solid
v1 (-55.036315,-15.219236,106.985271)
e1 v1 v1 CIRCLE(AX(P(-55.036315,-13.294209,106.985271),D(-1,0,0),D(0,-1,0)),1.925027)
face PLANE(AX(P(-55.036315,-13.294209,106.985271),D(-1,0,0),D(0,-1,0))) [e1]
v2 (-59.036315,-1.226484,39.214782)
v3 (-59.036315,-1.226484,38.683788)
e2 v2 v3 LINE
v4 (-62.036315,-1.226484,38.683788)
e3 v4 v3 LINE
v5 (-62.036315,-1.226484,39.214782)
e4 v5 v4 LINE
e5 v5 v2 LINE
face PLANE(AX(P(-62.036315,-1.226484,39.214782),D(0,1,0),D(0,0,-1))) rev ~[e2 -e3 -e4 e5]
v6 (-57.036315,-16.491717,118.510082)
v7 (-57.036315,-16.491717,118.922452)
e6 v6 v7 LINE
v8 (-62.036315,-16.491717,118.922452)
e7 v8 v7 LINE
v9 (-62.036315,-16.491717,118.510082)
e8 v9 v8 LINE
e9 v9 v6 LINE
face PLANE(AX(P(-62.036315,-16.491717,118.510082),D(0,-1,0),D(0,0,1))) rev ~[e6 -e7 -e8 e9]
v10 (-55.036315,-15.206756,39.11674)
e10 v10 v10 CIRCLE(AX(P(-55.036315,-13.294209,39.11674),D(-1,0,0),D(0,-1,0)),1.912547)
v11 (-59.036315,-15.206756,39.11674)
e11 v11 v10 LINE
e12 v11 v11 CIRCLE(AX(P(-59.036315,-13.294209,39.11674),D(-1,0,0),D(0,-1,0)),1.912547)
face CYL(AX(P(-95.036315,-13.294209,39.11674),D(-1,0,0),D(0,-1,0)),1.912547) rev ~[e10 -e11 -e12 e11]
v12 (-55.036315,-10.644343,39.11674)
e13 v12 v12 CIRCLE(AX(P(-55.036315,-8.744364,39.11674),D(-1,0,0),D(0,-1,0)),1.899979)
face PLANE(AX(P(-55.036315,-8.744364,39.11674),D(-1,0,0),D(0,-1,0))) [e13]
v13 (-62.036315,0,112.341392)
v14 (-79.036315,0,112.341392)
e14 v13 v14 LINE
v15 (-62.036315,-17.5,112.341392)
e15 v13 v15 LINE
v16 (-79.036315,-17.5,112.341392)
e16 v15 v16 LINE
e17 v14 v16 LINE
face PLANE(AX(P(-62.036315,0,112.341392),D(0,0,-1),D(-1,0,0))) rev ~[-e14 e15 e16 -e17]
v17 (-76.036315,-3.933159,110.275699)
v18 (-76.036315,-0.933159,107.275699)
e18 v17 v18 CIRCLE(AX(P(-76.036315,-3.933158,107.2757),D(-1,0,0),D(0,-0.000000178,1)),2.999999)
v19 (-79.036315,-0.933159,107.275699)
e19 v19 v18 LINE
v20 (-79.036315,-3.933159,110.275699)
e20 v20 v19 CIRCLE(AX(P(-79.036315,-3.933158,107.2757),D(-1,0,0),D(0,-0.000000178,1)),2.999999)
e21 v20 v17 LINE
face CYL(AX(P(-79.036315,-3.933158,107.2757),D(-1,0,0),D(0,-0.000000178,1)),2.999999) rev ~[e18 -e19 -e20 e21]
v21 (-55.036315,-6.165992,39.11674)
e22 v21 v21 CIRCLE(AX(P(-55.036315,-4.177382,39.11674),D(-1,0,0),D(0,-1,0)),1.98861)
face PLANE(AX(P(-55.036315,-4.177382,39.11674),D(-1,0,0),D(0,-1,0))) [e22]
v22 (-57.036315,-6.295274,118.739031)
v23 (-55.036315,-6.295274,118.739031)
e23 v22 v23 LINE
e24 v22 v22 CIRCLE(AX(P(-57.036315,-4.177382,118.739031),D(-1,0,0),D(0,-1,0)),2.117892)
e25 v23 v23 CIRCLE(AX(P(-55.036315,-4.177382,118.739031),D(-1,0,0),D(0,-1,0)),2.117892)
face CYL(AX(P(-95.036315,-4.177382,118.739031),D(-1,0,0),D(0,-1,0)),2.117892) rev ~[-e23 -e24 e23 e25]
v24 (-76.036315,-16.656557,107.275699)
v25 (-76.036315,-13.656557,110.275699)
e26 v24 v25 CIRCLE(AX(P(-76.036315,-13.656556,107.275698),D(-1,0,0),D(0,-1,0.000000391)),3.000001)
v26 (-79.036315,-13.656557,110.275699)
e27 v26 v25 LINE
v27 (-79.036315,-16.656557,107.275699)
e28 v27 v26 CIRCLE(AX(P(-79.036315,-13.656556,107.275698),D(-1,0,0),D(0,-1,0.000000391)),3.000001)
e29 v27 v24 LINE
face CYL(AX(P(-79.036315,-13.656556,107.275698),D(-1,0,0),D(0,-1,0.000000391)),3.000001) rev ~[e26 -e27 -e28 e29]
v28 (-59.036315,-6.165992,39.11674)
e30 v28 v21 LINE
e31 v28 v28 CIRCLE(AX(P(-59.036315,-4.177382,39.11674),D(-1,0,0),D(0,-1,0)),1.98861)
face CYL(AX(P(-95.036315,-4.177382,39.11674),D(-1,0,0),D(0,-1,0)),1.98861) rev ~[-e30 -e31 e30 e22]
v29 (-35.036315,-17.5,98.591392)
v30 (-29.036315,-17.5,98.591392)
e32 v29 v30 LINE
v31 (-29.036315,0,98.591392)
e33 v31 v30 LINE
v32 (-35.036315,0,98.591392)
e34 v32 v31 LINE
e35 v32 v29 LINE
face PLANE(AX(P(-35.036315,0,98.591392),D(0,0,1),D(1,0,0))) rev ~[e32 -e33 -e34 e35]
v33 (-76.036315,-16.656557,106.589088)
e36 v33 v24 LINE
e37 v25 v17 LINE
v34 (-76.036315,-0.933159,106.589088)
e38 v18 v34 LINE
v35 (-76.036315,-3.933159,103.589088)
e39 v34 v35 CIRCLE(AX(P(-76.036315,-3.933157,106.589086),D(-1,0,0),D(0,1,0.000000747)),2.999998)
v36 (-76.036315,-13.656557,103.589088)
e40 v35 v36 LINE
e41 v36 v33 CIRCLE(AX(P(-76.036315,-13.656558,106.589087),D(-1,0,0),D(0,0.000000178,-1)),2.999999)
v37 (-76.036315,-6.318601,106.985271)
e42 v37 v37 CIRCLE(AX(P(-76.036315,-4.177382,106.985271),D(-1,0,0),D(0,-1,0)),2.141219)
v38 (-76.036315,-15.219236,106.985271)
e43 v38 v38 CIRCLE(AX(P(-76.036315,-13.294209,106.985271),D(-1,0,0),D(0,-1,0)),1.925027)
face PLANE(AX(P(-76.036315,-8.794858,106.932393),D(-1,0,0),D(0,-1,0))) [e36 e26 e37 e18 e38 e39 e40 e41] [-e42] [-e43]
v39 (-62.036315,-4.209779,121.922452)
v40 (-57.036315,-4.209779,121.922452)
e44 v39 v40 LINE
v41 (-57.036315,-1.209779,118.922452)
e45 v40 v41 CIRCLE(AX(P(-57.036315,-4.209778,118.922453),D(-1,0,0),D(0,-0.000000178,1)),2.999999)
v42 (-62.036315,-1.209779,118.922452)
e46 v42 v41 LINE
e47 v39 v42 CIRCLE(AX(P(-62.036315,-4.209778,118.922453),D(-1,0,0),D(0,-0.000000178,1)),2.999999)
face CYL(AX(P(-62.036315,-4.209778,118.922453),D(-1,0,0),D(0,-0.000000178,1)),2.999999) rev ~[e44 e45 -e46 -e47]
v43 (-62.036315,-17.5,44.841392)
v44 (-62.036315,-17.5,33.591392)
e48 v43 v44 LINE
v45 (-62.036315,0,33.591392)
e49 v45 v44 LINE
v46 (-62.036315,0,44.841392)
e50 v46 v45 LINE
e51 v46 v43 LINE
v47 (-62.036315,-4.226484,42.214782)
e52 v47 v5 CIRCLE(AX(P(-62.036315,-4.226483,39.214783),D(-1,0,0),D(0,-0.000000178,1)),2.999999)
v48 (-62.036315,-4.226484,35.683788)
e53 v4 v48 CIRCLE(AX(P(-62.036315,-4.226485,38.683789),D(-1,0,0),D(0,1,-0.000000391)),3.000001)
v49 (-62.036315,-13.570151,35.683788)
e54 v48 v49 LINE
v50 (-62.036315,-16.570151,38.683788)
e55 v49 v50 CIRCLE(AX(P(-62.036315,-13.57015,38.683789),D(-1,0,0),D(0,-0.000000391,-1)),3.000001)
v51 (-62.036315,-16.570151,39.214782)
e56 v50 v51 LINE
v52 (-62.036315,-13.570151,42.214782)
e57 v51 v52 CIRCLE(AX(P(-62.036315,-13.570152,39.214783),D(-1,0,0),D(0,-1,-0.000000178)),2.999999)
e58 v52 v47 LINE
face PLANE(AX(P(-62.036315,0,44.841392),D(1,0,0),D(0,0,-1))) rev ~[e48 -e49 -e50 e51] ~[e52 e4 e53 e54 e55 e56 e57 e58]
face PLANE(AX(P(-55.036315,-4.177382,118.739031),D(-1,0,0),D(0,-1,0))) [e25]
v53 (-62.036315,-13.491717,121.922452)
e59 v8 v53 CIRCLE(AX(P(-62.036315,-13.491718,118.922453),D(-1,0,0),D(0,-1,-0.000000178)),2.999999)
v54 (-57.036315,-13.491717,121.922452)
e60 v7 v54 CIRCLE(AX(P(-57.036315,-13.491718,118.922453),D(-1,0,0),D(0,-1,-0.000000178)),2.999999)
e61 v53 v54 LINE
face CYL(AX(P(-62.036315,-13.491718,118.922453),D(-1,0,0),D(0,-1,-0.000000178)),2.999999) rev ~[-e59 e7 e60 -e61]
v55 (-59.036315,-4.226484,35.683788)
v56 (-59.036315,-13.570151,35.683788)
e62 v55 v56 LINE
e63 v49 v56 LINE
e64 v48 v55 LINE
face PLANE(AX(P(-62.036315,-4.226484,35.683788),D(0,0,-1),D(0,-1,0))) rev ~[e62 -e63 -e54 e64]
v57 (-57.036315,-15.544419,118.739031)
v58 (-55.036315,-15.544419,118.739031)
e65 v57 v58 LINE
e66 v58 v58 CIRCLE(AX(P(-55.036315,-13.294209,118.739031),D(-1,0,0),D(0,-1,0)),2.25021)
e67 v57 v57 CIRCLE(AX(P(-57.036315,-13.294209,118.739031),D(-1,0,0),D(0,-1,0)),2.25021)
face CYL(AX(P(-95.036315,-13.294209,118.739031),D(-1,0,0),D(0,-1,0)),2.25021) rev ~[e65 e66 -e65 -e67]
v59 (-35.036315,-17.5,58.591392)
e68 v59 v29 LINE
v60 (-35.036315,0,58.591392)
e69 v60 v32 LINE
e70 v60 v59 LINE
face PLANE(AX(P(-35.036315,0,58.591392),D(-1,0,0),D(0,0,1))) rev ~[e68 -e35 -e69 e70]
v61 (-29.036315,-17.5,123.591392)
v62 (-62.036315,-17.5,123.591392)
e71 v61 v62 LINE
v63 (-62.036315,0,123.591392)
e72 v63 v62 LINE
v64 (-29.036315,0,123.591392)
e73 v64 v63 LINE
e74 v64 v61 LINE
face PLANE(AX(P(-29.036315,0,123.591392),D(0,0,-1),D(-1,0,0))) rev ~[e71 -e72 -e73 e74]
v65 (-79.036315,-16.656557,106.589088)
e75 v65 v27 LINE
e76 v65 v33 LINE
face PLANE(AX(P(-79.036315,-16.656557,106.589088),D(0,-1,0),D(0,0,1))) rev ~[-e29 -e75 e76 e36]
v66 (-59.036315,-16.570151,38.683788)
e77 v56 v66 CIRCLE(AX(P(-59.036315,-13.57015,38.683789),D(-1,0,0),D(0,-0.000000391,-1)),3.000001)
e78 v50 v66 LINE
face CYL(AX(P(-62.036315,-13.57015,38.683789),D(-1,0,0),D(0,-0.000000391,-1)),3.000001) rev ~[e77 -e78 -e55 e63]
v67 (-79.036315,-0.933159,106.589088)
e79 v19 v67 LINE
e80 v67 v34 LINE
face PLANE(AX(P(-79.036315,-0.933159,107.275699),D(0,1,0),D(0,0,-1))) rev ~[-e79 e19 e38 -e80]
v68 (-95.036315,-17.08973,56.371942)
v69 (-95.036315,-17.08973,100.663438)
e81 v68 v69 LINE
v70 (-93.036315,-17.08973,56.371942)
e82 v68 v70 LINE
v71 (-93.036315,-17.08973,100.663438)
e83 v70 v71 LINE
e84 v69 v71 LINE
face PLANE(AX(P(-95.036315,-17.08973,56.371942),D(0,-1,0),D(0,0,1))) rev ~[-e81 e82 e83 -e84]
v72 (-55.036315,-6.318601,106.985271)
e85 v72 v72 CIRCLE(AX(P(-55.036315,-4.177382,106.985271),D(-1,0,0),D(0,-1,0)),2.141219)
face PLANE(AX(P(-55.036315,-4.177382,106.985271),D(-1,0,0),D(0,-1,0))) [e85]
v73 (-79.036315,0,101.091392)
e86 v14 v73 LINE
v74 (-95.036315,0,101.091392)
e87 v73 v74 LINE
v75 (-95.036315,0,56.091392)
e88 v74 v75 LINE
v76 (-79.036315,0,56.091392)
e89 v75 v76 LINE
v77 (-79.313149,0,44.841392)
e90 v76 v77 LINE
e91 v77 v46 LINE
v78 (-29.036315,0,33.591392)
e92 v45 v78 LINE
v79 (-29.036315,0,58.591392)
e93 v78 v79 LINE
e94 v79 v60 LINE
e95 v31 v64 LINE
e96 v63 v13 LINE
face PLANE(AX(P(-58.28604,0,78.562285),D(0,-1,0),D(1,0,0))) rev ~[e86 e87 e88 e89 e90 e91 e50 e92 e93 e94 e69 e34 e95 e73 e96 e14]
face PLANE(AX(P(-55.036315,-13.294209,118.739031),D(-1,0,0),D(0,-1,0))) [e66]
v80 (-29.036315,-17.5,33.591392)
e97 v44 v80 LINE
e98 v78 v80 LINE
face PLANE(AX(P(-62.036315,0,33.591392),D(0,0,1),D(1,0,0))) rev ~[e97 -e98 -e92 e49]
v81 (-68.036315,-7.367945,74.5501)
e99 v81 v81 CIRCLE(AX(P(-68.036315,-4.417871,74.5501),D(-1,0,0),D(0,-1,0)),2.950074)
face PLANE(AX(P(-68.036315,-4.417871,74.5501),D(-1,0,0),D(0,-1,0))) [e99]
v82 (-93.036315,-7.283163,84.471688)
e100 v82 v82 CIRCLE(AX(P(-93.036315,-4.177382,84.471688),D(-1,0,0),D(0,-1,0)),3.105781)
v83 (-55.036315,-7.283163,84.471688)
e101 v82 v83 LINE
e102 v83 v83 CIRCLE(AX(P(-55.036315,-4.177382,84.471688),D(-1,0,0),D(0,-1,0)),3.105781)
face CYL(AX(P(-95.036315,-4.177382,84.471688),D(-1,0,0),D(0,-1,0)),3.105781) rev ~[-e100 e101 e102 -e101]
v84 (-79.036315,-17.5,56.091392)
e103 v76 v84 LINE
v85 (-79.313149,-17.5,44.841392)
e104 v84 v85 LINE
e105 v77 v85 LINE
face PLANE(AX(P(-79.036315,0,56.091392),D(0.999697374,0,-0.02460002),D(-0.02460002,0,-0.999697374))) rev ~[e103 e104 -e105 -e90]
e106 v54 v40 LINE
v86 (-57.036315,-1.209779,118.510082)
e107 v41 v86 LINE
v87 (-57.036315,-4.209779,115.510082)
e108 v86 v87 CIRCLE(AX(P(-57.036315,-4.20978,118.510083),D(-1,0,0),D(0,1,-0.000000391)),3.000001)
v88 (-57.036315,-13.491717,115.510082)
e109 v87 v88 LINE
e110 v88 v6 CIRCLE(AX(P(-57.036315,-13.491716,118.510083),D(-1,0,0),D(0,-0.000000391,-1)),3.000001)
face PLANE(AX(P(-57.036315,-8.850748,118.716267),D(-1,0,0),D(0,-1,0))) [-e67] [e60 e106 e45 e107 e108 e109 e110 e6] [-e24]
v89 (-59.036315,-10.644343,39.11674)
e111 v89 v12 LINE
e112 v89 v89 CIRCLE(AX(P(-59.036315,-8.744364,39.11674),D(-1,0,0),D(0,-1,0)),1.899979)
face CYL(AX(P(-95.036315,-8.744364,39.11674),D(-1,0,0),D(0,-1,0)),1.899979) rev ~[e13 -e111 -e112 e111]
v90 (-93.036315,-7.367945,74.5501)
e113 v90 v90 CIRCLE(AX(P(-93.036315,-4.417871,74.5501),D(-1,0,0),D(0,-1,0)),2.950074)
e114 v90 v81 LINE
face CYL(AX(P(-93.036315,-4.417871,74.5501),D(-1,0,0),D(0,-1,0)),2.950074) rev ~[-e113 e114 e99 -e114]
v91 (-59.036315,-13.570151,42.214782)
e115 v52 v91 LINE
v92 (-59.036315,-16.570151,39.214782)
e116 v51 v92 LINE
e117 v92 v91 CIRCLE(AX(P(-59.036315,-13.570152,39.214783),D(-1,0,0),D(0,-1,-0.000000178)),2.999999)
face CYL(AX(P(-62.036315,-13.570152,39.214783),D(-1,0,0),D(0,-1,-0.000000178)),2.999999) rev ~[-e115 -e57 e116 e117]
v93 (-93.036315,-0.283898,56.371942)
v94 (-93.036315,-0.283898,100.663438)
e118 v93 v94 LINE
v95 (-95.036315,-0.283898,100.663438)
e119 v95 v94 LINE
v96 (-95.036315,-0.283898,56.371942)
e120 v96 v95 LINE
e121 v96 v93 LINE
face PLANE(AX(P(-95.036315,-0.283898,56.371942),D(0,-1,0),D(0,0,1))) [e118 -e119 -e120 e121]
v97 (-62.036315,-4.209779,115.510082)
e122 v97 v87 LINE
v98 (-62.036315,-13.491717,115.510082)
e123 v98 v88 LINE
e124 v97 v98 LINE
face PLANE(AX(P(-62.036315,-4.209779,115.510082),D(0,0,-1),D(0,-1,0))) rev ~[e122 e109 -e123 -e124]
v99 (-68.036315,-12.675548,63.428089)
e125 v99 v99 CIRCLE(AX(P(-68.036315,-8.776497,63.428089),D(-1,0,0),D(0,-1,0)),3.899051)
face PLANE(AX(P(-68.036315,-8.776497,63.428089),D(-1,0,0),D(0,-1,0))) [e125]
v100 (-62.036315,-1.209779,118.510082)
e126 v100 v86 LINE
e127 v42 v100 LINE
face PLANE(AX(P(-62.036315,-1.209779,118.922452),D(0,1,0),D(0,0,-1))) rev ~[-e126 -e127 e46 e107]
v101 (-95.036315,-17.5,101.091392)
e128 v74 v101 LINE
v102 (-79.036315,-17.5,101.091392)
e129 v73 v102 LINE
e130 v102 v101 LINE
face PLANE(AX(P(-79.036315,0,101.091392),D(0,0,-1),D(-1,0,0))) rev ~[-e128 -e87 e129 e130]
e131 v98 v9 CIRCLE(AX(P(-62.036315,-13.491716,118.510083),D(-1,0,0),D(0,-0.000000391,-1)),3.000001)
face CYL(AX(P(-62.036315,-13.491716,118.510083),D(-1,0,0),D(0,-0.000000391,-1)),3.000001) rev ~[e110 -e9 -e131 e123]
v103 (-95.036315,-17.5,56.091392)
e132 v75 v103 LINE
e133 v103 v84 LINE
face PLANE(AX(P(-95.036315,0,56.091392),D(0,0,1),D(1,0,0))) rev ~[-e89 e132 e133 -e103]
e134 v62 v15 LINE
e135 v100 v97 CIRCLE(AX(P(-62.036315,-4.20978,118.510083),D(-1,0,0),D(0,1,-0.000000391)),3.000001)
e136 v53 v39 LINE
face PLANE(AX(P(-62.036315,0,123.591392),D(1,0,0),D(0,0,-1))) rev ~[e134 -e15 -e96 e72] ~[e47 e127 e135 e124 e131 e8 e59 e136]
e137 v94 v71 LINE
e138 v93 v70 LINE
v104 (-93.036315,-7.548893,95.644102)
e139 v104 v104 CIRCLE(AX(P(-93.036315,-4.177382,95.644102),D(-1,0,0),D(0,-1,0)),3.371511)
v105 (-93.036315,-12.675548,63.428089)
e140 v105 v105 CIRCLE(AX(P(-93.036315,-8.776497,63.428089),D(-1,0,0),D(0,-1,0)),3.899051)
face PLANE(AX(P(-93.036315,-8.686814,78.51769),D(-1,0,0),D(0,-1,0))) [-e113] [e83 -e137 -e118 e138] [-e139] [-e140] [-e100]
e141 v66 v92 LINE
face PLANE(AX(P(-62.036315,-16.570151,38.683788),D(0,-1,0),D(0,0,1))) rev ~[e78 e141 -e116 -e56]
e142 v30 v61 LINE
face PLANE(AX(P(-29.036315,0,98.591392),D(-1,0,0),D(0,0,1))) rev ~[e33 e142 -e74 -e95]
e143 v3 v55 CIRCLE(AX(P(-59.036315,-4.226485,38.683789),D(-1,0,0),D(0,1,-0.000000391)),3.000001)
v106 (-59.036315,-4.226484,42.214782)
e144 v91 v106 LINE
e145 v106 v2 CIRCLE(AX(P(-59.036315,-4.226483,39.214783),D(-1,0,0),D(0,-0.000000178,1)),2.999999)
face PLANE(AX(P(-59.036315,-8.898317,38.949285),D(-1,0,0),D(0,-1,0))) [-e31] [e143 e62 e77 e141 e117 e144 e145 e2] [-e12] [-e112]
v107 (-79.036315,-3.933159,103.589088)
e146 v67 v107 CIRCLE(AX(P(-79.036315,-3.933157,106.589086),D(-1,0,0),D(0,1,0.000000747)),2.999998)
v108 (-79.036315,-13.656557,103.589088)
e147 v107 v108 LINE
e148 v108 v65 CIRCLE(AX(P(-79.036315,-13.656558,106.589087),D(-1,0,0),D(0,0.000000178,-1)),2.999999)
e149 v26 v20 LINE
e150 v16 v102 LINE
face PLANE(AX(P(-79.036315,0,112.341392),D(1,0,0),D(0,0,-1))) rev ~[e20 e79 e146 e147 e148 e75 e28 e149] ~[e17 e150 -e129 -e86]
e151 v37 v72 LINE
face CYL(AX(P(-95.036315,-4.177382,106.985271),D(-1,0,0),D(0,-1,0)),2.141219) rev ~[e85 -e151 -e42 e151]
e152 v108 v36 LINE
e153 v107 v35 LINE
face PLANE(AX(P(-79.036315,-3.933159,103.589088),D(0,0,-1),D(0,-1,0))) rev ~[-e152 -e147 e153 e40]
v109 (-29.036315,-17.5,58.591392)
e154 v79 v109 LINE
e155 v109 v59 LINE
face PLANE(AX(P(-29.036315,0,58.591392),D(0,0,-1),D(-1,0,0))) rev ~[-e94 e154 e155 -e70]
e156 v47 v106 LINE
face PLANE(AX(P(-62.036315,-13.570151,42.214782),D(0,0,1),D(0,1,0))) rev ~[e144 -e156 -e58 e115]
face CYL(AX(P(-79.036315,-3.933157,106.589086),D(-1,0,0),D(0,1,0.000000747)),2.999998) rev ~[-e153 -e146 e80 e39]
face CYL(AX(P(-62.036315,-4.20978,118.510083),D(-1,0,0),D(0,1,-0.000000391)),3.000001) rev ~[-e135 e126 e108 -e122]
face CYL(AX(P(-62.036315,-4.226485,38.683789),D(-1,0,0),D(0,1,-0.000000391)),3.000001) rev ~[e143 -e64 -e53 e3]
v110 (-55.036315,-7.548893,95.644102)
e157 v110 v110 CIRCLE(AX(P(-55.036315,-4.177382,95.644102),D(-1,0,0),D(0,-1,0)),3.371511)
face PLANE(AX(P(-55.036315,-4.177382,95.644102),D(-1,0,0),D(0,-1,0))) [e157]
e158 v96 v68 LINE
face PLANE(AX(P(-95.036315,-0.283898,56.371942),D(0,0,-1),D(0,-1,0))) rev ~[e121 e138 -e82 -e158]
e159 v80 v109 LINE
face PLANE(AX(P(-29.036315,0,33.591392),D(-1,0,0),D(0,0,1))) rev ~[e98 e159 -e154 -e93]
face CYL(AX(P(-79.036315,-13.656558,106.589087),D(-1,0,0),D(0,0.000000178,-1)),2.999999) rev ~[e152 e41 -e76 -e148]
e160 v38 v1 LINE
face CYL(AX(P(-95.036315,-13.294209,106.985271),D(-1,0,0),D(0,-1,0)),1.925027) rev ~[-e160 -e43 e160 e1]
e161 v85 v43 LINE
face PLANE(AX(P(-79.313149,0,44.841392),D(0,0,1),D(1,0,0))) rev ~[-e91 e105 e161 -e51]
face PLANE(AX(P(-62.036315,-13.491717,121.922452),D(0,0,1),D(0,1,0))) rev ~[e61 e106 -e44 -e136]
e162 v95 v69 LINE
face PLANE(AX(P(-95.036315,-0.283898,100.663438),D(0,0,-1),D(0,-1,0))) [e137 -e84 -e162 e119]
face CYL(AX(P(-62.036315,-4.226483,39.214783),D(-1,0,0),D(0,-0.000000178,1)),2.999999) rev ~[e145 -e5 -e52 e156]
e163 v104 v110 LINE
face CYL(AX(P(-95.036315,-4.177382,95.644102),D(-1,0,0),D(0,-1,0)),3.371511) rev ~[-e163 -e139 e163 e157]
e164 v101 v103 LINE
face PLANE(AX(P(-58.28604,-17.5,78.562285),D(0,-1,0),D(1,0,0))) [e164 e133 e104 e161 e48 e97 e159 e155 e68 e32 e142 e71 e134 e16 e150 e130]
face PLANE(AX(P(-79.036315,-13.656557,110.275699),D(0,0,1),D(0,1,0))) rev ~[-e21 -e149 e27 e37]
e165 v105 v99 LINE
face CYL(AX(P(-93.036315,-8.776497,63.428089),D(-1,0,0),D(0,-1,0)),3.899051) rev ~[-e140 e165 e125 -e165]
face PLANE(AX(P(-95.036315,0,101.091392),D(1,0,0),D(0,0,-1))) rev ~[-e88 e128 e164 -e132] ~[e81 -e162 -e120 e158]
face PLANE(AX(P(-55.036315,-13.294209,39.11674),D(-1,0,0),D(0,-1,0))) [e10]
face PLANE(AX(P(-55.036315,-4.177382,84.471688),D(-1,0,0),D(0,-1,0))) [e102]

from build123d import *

# Parameters (mm, degrees)
F1_DEPTH  = 17.5
F2_R      = 2.25021
F2_R_2    = 2.117892
F2_R_3    = 2.141219
F2_R_4    = 1.925027
F2_R_5    = 3.371511
F2_R_6    = 3.105781
F2_R_7    = 1.98861
F2_R_8    = 1.899979
F2_R_9    = 1.912547
F3_DEPTH  = 40
F4_R      = 2.117892
F4_R_2    = 2.25021
F5_DEPTH  = 5
F6_R      = 2.141219
F6_R_2    = 1.925027
F7_DEPTH  = 3
F9_DEPTH  = 3
F10_W     = 16.805832
F10_H     = 44.291496
F10_R     = 3.105781
F10_R_2   = 3.371511
F11_DEPTH = 2
F12_R     = 2.950074
F12_R_2   = 3.899051
F13_DEPTH = 25


with BuildPart() as f1:
    # F0 (on Front) → F1 (new body)
    with BuildSketch(Plane.XZ):
        Polygon((-29.036315, 123.591392), (-62.036315, 123.591392), (-62.036315, 112.341392), (-79.036315, 112.341392), (-79.036315, 101.091392), (-95.036315, 101.091392), (-95.036315, 56.091392), (-79.036315, 56.091392), (-79.313149, 44.841392), (-62.036315, 44.841392), (-62.036315, 33.591392), (-29.036315, 33.591392), (-29.036315, 58.591392), (-35.036315, 58.591392), (-35.036315, 98.591392), (-29.036315, 98.591392), align=None)
    extrude(amount=F1_DEPTH)

    # F2 (on face) → F3 (cut)
    with BuildSketch(Plane(origin=(-95.036315, 0, 0), x_dir=(0, -1, 0), z_dir=(-1, 0, 0))):
        with Locations((13.294209, 118.739031)):
            Circle(F2_R)
        with Locations((4.177382, 118.739031)):
            Circle(F2_R_2)
        with Locations((4.177382, 106.985271)):
            Circle(F2_R_3)
        with Locations((13.294209, 106.985271)):
            Circle(F2_R_4)
        with Locations((4.177382, 95.644102)):
            Circle(F2_R_5)
        with Locations((4.177382, 84.471688)):
            Circle(F2_R_6)
        with Locations((4.177382, 39.11674)):
            Circle(F2_R_7)
        with Locations((8.744364, 39.11674)):
            Circle(F2_R_8)
        with Locations((13.294209, 39.11674)):
            Circle(F2_R_9)
    extrude(amount=-F3_DEPTH, mode=Mode.SUBTRACT)

    # F4 (on face) → F5 (cut)
    with BuildSketch(Plane(origin=(-62.036315, 0, 0), x_dir=(0, -1, 0), z_dir=(-1, 0, 0))):
        with BuildLine():
            Line((13.491717, 121.922452), (4.209779, 121.922452))
            ThreePointArc((4.209779, 121.922452), (2.088459, 121.043773), (1.209779, 118.922452))
            Line((1.209779, 118.922452), (1.209779, 118.510082))
            ThreePointArc((1.209779, 118.510082), (2.088459, 116.388762), (4.209779, 115.510082))
            Line((4.209779, 115.510082), (13.491717, 115.510082))
            ThreePointArc((13.491717, 115.510082), (15.613037, 116.388762), (16.491717, 118.510082))
            Line((16.491717, 118.510082), (16.491717, 118.922452))
            ThreePointArc((16.491717, 118.922452), (15.613037, 121.043773), (13.491717, 121.922452))
        make_face()
        with Locations((4.177382, 118.739031)):
            Circle(F4_R, mode=Mode.SUBTRACT)
        with Locations((13.294209, 118.739031)):
            Circle(F4_R_2, mode=Mode.SUBTRACT)
    extrude(amount=-F5_DEPTH, mode=Mode.SUBTRACT)

    # F6 (on face) → F7 (cut)
    with BuildSketch(Plane(origin=(-79.036315, 0, 0), x_dir=(0, -1, 0), z_dir=(-1, 0, 0))):
        with BuildLine():
            Line((13.656557, 110.275699), (3.933159, 110.275699))
            ThreePointArc((3.933159, 110.275699), (1.811838, 109.397019), (0.933159, 107.275699))
            Line((0.933159, 107.275699), (0.933159, 106.589088))
            ThreePointArc((0.933159, 106.589088), (1.811838, 104.467767), (3.933159, 103.589088))
            Line((3.933159, 103.589088), (13.656557, 103.589088))
            ThreePointArc((13.656557, 103.589088), (15.777877, 104.467767), (16.656557, 106.589088))
            Line((16.656557, 106.589088), (16.656557, 107.275699))
            ThreePointArc((16.656557, 107.275699), (15.777877, 109.397019), (13.656557, 110.275699))
        make_face()
        with Locations((4.177382, 106.985271)):
            Circle(F6_R, mode=Mode.SUBTRACT)
        with Locations((13.294209, 106.985271)):
            Circle(F6_R_2, mode=Mode.SUBTRACT)
    extrude(amount=-F7_DEPTH, mode=Mode.SUBTRACT)

    # F8 (on face) → F9 (cut)
    with BuildSketch(Plane(origin=(-62.036315, 0, 0), x_dir=(0, -1, 0), z_dir=(-1, 0, 0))):
        with BuildLine():
            ThreePointArc((1.226484, 38.683788), (2.105164, 36.562468), (4.226484, 35.683788))
            Line((4.226484, 35.683788), (13.570151, 35.683788))
            ThreePointArc((13.570151, 35.683788), (15.691471, 36.562468), (16.570151, 38.683788))
            Line((16.570151, 38.683788), (16.570151, 39.214782))
            ThreePointArc((16.570151, 39.214782), (15.691471, 41.336103), (13.570151, 42.214782))
            Line((13.570151, 42.214782), (4.226484, 42.214782))
            ThreePointArc((4.226484, 42.214782), (2.105164, 41.336103), (1.226484, 39.214782))
            Line((1.226484, 39.214782), (1.226484, 38.683788))
        make_face()
    extrude(amount=-F9_DEPTH, mode=Mode.SUBTRACT)

    # F10 (on face) → F11 (cut)
    with BuildSketch(Plane(origin=(-95.036315, 0, 0), x_dir=(0, -1, 0), z_dir=(-1, 0, 0))):
        with Locations((8.686814, 78.51769)):
            Rectangle(F10_W, F10_H)
        with Locations((4.177382, 84.471688)):
            Circle(F10_R, mode=Mode.SUBTRACT)
        with Locations((4.177382, 95.644102)):
            Circle(F10_R_2, mode=Mode.SUBTRACT)
    extrude(amount=-F11_DEPTH, mode=Mode.SUBTRACT)

    # F12 (on face) → F13 (cut)
    with BuildSketch(Plane(origin=(-93.036315, 0, 0), x_dir=(0, -1, 0), z_dir=(-1, 0, 0))):
        with Locations((4.417871, 74.5501)):
            Circle(F12_R)
        with Locations((8.776497, 63.428089)):
            Circle(F12_R_2)
    extrude(amount=-F13_DEPTH, mode=Mode.SUBTRACT)


solid = f1.part
